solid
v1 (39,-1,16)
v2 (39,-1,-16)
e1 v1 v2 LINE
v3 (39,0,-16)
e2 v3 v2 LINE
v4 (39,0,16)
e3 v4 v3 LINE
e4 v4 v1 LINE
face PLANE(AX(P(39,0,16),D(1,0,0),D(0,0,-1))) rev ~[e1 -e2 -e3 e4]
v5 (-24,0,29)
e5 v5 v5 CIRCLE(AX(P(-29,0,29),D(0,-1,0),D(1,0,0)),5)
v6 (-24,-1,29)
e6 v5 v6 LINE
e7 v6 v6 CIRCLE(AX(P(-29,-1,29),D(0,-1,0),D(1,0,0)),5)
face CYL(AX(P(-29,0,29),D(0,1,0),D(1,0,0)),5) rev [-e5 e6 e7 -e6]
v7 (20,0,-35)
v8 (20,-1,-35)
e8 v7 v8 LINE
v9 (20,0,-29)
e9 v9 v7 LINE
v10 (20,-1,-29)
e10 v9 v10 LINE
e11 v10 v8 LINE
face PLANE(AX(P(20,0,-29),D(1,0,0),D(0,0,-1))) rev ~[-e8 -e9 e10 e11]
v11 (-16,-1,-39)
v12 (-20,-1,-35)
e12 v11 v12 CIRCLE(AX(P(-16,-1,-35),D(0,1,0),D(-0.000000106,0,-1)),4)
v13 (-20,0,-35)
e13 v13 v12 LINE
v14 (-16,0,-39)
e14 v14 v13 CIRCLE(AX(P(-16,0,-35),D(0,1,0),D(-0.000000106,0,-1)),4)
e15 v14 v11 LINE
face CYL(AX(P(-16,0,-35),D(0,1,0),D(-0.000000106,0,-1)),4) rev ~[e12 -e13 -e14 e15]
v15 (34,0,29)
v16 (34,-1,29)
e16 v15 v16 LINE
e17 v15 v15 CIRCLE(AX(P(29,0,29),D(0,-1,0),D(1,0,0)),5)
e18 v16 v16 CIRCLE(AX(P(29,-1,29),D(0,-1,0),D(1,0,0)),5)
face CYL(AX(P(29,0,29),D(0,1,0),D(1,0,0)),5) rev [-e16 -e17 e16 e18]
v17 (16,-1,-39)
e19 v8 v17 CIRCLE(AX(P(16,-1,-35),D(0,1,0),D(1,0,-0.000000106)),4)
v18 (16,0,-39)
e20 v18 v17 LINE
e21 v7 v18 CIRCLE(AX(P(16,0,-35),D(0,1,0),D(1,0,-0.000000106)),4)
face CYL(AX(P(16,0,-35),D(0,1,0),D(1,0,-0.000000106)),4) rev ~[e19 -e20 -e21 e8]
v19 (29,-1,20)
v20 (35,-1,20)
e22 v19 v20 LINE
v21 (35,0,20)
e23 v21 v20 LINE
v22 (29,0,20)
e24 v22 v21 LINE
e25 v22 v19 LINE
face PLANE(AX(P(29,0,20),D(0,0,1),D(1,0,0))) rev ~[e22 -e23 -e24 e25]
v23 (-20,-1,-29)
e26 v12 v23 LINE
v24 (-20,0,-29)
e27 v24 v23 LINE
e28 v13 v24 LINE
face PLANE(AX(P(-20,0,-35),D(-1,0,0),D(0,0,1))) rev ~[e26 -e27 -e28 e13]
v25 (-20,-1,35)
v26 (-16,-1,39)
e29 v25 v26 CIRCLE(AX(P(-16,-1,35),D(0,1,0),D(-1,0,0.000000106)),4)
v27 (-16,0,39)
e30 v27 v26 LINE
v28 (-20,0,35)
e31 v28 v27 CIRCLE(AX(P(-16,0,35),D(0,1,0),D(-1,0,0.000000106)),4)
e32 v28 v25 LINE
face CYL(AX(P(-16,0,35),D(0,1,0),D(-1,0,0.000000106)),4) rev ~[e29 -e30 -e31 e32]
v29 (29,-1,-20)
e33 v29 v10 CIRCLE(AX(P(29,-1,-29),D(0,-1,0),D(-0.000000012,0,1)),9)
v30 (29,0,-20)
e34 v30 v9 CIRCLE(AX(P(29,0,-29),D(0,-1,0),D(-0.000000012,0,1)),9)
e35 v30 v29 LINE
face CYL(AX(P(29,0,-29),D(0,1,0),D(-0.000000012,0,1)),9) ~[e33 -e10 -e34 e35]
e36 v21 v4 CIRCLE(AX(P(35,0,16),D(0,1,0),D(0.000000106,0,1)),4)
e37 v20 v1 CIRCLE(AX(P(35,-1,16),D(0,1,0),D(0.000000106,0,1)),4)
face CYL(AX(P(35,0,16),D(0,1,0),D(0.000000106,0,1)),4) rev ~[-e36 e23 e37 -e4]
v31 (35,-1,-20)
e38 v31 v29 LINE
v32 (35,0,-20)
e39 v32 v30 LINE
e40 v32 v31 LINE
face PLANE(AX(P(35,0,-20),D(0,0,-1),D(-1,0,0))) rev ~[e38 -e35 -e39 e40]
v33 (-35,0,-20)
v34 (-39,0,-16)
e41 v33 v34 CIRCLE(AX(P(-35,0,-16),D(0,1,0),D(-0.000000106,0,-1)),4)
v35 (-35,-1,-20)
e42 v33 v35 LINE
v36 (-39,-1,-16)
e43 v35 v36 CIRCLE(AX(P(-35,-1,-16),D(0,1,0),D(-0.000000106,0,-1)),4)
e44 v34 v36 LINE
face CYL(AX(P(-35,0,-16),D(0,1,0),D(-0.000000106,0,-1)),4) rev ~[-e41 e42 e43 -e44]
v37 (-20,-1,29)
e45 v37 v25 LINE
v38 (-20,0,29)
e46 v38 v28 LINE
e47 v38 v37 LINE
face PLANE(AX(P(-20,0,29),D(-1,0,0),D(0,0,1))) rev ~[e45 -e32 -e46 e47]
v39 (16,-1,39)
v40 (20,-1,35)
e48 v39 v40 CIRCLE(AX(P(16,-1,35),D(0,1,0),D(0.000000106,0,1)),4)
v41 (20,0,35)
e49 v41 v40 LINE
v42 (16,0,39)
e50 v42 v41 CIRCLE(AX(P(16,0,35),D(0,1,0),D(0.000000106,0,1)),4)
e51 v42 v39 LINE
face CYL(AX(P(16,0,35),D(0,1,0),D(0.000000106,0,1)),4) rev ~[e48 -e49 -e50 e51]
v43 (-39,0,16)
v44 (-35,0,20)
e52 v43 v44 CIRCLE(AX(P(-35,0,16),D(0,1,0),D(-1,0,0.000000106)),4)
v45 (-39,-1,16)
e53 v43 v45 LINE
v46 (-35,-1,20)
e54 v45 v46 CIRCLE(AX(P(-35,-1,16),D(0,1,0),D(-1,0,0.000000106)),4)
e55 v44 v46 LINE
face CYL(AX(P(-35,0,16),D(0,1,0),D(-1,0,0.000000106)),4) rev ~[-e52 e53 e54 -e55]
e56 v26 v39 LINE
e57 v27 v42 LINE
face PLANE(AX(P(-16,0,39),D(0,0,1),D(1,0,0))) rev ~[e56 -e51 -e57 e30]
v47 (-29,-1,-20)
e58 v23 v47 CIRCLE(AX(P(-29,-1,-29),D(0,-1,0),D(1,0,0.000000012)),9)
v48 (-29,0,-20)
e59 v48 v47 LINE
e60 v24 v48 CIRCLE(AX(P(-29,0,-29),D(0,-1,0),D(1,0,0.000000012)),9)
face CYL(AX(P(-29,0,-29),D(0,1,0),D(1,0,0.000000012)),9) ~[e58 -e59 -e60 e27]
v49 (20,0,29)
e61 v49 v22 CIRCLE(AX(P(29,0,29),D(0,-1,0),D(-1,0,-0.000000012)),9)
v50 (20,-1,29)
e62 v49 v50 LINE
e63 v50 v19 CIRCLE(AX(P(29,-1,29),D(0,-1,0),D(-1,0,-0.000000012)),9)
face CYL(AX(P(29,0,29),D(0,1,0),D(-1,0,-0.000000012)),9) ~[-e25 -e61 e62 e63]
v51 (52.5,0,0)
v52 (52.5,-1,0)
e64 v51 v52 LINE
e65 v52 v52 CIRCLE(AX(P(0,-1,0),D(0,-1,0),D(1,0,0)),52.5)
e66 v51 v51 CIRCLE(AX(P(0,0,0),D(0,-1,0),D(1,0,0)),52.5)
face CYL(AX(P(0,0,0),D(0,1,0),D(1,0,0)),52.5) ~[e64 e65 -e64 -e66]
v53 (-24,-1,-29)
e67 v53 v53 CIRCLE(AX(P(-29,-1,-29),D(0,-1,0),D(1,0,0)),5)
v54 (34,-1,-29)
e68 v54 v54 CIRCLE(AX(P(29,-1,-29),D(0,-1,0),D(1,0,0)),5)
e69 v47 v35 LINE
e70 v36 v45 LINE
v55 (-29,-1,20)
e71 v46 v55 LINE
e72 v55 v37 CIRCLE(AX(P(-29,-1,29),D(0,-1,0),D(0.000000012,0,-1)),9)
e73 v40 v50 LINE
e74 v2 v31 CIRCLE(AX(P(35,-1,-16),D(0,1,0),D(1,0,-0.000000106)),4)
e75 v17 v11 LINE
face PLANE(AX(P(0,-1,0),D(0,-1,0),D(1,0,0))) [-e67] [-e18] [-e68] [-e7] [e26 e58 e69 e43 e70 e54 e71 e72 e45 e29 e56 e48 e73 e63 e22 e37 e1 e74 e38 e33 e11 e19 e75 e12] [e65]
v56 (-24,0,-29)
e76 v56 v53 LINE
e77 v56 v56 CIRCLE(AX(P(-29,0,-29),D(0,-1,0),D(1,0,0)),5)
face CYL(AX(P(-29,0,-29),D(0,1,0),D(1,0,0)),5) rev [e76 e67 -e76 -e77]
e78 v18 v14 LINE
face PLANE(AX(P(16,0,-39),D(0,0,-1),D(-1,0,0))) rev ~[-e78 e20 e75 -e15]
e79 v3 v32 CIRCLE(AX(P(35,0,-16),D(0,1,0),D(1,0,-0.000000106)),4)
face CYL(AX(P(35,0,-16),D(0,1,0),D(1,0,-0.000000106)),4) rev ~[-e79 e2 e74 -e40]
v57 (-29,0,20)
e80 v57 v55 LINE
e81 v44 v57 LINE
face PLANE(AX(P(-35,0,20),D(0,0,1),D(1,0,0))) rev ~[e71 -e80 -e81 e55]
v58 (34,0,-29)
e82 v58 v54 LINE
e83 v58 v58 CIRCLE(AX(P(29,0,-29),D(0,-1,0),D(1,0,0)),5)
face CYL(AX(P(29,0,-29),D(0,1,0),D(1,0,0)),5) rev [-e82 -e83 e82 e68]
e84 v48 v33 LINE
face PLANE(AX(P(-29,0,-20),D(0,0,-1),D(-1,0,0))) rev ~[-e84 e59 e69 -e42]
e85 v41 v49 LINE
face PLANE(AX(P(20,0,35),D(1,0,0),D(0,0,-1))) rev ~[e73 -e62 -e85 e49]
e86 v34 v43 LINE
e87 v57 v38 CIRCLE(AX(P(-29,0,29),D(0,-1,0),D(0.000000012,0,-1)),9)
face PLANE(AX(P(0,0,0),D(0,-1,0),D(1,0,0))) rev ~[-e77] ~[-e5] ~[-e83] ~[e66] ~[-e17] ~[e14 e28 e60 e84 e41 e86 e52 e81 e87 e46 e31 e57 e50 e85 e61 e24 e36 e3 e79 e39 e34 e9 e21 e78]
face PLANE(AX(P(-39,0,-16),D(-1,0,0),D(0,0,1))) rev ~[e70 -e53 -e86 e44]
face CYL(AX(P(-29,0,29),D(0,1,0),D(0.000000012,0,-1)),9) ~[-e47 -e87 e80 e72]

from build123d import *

# Parameters (mm, degrees)
F0_R     = 52.5
F0_R_2   = 5
F1_DEPTH = 1


with BuildPart() as f1:
    # F0 (on Front) → F1 (new body)
    with BuildSketch(Plane.XZ):
        Circle(F0_R)
        with Locations((-29, -29)):
            Circle(F0_R_2, mode=Mode.SUBTRACT)
        with Locations((29, -29)):
            Circle(F0_R_2, mode=Mode.SUBTRACT)
        with Locations((-29, 29)):
            Circle(F0_R_2, mode=Mode.SUBTRACT)
        with BuildLine():
            ThreePointArc((-39, 16), (-37.828427, 18.828427), (-35, 20))
            Line((-35, 20), (-29, 20))
            ThreePointArc((-29, 20), (-22.636039, 22.636039), (-20, 29))
            Line((-20, 29), (-20, 35))
            ThreePointArc((-20, 35), (-18.828427, 37.828427), (-16, 39))
            Line((-16, 39), (16, 39))
            ThreePointArc((16, 39), (18.828427, 37.828427), (20, 35))
            Line((20, 35), (20, 29))
            ThreePointArc((20, 29), (22.636039, 22.636039), (29, 20))
            Line((29, 20), (35, 20))
            ThreePointArc((35, 20), (37.828427, 18.828427), (39, 16))
            Line((39, 16), (39, -16))
            ThreePointArc((39, -16), (37.828427, -18.828427), (35, -20))
            Line((35, -20), (29, -20))
            ThreePointArc((29, -20), (22.636039, -22.636039), (20, -29))
            Line((20, -29), (20, -35))
            ThreePointArc((20, -35), (18.828427, -37.828427), (16, -39))
            Line((16, -39), (-16, -39))
            ThreePointArc((-16, -39), (-18.828427, -37.828427), (-20, -35))
            Line((-20, -35), (-20, -29))
            ThreePointArc((-20, -29), (-22.636039, -22.636039), (-29, -20))
            Line((-29, -20), (-35, -20))
            ThreePointArc((-35, -20), (-37.828427, -18.828427), (-39, -16))
            Line((-39, -16), (-39, 16))
        make_face(mode=Mode.SUBTRACT)
        with Locations((29, 29)):
            Circle(F0_R_2, mode=Mode.SUBTRACT)
    extrude(amount=F1_DEPTH)


solid = f1.part
